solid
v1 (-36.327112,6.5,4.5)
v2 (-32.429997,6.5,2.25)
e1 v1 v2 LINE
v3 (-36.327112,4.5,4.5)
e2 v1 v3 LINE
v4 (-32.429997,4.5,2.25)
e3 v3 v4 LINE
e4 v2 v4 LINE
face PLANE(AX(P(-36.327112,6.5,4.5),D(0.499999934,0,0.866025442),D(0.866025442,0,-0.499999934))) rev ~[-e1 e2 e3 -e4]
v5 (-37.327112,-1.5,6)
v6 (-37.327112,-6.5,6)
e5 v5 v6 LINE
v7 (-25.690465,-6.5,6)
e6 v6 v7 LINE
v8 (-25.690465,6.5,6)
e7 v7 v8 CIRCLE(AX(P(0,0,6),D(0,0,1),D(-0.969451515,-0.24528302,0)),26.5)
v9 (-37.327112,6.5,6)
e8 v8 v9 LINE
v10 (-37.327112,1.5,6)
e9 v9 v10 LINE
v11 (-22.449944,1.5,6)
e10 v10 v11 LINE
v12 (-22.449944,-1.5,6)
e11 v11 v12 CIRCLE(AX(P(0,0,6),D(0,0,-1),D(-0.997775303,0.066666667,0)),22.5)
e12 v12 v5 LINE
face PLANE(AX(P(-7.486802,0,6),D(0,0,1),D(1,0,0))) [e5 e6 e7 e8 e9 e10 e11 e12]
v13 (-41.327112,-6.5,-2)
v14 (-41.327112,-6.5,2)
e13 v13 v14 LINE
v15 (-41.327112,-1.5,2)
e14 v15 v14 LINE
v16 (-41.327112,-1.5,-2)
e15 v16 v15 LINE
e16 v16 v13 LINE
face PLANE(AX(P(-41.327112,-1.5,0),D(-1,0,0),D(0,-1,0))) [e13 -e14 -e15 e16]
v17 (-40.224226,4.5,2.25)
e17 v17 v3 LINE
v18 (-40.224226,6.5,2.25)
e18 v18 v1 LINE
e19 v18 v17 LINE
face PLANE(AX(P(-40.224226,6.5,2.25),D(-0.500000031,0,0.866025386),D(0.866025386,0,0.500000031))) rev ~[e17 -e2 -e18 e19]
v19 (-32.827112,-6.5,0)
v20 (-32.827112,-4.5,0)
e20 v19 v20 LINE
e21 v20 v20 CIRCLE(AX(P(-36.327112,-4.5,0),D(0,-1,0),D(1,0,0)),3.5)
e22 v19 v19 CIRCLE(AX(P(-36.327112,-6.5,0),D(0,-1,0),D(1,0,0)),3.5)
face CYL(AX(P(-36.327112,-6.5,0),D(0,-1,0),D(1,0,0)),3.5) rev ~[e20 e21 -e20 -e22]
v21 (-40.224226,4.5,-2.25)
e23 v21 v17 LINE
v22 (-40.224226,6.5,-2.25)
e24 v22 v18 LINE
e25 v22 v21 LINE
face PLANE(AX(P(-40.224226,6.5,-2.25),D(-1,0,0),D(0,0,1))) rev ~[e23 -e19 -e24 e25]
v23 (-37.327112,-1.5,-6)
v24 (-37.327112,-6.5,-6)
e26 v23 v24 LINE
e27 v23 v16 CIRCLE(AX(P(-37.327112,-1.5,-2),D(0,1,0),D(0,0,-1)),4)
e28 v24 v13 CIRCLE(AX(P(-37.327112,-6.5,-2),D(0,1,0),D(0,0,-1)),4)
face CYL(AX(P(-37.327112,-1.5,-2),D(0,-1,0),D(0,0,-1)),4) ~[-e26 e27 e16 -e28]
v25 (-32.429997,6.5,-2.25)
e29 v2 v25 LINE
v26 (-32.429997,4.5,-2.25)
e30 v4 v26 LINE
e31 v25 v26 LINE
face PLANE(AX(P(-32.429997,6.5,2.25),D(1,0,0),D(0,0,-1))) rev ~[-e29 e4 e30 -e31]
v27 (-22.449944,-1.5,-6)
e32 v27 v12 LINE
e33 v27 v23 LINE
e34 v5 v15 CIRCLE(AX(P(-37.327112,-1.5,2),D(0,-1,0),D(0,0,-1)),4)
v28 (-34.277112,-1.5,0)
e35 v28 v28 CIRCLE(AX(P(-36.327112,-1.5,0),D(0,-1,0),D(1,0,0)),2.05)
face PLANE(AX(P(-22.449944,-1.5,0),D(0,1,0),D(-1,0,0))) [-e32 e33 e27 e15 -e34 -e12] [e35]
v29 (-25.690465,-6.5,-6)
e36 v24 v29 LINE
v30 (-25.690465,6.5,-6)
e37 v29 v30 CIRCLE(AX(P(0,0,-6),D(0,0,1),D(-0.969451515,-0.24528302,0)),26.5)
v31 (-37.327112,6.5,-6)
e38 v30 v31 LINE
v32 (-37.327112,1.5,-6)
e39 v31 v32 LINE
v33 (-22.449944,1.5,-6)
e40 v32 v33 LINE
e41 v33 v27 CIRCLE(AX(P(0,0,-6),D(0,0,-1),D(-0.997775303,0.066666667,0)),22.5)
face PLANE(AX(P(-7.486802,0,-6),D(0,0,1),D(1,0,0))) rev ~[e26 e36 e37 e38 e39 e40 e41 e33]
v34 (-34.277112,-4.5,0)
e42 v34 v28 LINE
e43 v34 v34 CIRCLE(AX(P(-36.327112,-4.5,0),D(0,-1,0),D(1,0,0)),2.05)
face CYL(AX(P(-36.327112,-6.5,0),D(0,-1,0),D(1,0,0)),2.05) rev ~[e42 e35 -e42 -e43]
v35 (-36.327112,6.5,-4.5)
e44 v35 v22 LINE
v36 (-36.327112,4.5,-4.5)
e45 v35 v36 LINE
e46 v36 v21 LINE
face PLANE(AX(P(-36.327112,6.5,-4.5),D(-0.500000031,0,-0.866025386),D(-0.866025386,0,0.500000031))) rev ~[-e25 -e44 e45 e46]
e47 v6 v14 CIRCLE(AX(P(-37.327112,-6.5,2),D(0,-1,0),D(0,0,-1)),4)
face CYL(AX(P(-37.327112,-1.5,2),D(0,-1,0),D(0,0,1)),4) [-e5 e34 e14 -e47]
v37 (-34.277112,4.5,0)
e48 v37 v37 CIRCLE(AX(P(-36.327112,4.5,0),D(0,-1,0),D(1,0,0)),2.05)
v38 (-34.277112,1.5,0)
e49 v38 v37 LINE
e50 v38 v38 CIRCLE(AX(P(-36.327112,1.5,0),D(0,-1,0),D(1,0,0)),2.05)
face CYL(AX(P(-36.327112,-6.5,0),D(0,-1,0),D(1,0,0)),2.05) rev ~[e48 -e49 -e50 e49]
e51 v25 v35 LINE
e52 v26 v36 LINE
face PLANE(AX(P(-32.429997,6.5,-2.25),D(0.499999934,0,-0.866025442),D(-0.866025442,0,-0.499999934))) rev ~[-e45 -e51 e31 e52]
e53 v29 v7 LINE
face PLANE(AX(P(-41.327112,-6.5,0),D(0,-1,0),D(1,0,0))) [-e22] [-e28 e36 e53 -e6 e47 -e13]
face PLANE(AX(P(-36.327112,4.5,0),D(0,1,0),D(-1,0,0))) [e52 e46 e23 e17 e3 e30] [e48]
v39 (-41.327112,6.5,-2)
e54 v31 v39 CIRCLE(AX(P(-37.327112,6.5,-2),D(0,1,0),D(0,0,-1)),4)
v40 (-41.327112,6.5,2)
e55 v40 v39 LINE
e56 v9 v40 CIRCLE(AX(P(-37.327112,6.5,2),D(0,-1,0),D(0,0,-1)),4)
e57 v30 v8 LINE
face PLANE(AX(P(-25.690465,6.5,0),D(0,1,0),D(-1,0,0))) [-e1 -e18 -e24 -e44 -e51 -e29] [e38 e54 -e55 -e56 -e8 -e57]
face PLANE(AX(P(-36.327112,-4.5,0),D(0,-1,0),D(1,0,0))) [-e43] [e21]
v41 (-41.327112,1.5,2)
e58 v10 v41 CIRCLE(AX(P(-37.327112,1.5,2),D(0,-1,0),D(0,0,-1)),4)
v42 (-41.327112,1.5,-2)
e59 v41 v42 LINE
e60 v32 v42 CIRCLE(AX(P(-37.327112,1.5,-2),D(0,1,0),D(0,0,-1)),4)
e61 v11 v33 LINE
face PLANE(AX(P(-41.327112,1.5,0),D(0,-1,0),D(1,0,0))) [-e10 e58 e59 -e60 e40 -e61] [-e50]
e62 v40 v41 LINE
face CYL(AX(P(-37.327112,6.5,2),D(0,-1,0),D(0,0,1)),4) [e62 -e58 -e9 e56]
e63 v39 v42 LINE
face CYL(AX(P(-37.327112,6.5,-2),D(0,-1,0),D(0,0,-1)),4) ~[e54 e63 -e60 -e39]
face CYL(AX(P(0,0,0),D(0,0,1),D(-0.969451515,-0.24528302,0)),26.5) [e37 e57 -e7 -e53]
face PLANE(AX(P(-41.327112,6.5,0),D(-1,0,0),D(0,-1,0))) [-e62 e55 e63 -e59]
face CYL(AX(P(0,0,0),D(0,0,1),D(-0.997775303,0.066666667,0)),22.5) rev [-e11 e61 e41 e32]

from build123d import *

# Parameters (mm, degrees)
F1_DEPTH = 6
F2_R     = 2.05
F4_DEPTH = 13
F2_R_2   = 3.5
F5_DEPTH = 2
F6_DEPTH = 2
F7_R     = 4


with BuildPart() as f1:
    # F0 (on Top) → F1 (new body, symmetric)
    with BuildSketch(Plane.XY):
        with BuildLine():
            ThreePointArc((-22.449944, 1.5), (22.5, 0), (-22.449944, -1.5))
            Line((-22.449944, -1.5), (-41.327112, -1.5))
            Line((-41.327112, -1.5), (-41.327112, -6.5))
            Line((-41.327112, -6.5), (-25.690465, -6.5))
            ThreePointArc((-25.690465, -6.5), (26.5, 0), (-25.690465, 6.5))
            Line((-25.690465, 6.5), (-41.327112, 6.5))
            Line((-41.327112, 6.5), (-41.327112, 1.5))
            Line((-41.327112, 1.5), (-22.449944, 1.5))
        make_face()
    extrude(amount=F1_DEPTH, both=True)

    # F2 (on face) → F4 (cut, through all)
    with BuildSketch(Plane.XZ.offset(6.5)):
        with Locations((-36.327112, 0)):
            Circle(F2_R)
    extrude(amount=-F4_DEPTH, mode=Mode.SUBTRACT)

    # F2 (on face) → F5 (cut)
    with BuildSketch(Plane.XZ.offset(6.5)):
        with Locations((-36.327112, 0)):
            Circle(F2_R_2)
        with Locations((-36.327112, 0)):
            Circle(F2_R, mode=Mode.SUBTRACT)
    extrude(amount=-F5_DEPTH, mode=Mode.SUBTRACT)

    # F3 (on face) → F6 (cut)
    with BuildSketch(Plane(origin=(0, 6.5, 0), x_dir=(-1, 0, 0), z_dir=(0, 1, 0))):
        Polygon((40.224226, -2.25), (40.224226, 2.25), (36.327112, 4.5), (32.429997, 2.25), (32.429997, -2.25), (36.327112, -4.5), align=None)
    extrude(amount=-F6_DEPTH, mode=Mode.SUBTRACT)

    # F7
    f7_edges = [f1.edges().sort_by_distance(p)[0] for p in [
        (-41.327112, 4, 6),
        (-41.327112, -4, 6),
        (-41.327112, 4, -6),
        (-41.327112, -4, -6),
    ]]
    fillet(f7_edges, radius=F7_R)


solid = f1.part
